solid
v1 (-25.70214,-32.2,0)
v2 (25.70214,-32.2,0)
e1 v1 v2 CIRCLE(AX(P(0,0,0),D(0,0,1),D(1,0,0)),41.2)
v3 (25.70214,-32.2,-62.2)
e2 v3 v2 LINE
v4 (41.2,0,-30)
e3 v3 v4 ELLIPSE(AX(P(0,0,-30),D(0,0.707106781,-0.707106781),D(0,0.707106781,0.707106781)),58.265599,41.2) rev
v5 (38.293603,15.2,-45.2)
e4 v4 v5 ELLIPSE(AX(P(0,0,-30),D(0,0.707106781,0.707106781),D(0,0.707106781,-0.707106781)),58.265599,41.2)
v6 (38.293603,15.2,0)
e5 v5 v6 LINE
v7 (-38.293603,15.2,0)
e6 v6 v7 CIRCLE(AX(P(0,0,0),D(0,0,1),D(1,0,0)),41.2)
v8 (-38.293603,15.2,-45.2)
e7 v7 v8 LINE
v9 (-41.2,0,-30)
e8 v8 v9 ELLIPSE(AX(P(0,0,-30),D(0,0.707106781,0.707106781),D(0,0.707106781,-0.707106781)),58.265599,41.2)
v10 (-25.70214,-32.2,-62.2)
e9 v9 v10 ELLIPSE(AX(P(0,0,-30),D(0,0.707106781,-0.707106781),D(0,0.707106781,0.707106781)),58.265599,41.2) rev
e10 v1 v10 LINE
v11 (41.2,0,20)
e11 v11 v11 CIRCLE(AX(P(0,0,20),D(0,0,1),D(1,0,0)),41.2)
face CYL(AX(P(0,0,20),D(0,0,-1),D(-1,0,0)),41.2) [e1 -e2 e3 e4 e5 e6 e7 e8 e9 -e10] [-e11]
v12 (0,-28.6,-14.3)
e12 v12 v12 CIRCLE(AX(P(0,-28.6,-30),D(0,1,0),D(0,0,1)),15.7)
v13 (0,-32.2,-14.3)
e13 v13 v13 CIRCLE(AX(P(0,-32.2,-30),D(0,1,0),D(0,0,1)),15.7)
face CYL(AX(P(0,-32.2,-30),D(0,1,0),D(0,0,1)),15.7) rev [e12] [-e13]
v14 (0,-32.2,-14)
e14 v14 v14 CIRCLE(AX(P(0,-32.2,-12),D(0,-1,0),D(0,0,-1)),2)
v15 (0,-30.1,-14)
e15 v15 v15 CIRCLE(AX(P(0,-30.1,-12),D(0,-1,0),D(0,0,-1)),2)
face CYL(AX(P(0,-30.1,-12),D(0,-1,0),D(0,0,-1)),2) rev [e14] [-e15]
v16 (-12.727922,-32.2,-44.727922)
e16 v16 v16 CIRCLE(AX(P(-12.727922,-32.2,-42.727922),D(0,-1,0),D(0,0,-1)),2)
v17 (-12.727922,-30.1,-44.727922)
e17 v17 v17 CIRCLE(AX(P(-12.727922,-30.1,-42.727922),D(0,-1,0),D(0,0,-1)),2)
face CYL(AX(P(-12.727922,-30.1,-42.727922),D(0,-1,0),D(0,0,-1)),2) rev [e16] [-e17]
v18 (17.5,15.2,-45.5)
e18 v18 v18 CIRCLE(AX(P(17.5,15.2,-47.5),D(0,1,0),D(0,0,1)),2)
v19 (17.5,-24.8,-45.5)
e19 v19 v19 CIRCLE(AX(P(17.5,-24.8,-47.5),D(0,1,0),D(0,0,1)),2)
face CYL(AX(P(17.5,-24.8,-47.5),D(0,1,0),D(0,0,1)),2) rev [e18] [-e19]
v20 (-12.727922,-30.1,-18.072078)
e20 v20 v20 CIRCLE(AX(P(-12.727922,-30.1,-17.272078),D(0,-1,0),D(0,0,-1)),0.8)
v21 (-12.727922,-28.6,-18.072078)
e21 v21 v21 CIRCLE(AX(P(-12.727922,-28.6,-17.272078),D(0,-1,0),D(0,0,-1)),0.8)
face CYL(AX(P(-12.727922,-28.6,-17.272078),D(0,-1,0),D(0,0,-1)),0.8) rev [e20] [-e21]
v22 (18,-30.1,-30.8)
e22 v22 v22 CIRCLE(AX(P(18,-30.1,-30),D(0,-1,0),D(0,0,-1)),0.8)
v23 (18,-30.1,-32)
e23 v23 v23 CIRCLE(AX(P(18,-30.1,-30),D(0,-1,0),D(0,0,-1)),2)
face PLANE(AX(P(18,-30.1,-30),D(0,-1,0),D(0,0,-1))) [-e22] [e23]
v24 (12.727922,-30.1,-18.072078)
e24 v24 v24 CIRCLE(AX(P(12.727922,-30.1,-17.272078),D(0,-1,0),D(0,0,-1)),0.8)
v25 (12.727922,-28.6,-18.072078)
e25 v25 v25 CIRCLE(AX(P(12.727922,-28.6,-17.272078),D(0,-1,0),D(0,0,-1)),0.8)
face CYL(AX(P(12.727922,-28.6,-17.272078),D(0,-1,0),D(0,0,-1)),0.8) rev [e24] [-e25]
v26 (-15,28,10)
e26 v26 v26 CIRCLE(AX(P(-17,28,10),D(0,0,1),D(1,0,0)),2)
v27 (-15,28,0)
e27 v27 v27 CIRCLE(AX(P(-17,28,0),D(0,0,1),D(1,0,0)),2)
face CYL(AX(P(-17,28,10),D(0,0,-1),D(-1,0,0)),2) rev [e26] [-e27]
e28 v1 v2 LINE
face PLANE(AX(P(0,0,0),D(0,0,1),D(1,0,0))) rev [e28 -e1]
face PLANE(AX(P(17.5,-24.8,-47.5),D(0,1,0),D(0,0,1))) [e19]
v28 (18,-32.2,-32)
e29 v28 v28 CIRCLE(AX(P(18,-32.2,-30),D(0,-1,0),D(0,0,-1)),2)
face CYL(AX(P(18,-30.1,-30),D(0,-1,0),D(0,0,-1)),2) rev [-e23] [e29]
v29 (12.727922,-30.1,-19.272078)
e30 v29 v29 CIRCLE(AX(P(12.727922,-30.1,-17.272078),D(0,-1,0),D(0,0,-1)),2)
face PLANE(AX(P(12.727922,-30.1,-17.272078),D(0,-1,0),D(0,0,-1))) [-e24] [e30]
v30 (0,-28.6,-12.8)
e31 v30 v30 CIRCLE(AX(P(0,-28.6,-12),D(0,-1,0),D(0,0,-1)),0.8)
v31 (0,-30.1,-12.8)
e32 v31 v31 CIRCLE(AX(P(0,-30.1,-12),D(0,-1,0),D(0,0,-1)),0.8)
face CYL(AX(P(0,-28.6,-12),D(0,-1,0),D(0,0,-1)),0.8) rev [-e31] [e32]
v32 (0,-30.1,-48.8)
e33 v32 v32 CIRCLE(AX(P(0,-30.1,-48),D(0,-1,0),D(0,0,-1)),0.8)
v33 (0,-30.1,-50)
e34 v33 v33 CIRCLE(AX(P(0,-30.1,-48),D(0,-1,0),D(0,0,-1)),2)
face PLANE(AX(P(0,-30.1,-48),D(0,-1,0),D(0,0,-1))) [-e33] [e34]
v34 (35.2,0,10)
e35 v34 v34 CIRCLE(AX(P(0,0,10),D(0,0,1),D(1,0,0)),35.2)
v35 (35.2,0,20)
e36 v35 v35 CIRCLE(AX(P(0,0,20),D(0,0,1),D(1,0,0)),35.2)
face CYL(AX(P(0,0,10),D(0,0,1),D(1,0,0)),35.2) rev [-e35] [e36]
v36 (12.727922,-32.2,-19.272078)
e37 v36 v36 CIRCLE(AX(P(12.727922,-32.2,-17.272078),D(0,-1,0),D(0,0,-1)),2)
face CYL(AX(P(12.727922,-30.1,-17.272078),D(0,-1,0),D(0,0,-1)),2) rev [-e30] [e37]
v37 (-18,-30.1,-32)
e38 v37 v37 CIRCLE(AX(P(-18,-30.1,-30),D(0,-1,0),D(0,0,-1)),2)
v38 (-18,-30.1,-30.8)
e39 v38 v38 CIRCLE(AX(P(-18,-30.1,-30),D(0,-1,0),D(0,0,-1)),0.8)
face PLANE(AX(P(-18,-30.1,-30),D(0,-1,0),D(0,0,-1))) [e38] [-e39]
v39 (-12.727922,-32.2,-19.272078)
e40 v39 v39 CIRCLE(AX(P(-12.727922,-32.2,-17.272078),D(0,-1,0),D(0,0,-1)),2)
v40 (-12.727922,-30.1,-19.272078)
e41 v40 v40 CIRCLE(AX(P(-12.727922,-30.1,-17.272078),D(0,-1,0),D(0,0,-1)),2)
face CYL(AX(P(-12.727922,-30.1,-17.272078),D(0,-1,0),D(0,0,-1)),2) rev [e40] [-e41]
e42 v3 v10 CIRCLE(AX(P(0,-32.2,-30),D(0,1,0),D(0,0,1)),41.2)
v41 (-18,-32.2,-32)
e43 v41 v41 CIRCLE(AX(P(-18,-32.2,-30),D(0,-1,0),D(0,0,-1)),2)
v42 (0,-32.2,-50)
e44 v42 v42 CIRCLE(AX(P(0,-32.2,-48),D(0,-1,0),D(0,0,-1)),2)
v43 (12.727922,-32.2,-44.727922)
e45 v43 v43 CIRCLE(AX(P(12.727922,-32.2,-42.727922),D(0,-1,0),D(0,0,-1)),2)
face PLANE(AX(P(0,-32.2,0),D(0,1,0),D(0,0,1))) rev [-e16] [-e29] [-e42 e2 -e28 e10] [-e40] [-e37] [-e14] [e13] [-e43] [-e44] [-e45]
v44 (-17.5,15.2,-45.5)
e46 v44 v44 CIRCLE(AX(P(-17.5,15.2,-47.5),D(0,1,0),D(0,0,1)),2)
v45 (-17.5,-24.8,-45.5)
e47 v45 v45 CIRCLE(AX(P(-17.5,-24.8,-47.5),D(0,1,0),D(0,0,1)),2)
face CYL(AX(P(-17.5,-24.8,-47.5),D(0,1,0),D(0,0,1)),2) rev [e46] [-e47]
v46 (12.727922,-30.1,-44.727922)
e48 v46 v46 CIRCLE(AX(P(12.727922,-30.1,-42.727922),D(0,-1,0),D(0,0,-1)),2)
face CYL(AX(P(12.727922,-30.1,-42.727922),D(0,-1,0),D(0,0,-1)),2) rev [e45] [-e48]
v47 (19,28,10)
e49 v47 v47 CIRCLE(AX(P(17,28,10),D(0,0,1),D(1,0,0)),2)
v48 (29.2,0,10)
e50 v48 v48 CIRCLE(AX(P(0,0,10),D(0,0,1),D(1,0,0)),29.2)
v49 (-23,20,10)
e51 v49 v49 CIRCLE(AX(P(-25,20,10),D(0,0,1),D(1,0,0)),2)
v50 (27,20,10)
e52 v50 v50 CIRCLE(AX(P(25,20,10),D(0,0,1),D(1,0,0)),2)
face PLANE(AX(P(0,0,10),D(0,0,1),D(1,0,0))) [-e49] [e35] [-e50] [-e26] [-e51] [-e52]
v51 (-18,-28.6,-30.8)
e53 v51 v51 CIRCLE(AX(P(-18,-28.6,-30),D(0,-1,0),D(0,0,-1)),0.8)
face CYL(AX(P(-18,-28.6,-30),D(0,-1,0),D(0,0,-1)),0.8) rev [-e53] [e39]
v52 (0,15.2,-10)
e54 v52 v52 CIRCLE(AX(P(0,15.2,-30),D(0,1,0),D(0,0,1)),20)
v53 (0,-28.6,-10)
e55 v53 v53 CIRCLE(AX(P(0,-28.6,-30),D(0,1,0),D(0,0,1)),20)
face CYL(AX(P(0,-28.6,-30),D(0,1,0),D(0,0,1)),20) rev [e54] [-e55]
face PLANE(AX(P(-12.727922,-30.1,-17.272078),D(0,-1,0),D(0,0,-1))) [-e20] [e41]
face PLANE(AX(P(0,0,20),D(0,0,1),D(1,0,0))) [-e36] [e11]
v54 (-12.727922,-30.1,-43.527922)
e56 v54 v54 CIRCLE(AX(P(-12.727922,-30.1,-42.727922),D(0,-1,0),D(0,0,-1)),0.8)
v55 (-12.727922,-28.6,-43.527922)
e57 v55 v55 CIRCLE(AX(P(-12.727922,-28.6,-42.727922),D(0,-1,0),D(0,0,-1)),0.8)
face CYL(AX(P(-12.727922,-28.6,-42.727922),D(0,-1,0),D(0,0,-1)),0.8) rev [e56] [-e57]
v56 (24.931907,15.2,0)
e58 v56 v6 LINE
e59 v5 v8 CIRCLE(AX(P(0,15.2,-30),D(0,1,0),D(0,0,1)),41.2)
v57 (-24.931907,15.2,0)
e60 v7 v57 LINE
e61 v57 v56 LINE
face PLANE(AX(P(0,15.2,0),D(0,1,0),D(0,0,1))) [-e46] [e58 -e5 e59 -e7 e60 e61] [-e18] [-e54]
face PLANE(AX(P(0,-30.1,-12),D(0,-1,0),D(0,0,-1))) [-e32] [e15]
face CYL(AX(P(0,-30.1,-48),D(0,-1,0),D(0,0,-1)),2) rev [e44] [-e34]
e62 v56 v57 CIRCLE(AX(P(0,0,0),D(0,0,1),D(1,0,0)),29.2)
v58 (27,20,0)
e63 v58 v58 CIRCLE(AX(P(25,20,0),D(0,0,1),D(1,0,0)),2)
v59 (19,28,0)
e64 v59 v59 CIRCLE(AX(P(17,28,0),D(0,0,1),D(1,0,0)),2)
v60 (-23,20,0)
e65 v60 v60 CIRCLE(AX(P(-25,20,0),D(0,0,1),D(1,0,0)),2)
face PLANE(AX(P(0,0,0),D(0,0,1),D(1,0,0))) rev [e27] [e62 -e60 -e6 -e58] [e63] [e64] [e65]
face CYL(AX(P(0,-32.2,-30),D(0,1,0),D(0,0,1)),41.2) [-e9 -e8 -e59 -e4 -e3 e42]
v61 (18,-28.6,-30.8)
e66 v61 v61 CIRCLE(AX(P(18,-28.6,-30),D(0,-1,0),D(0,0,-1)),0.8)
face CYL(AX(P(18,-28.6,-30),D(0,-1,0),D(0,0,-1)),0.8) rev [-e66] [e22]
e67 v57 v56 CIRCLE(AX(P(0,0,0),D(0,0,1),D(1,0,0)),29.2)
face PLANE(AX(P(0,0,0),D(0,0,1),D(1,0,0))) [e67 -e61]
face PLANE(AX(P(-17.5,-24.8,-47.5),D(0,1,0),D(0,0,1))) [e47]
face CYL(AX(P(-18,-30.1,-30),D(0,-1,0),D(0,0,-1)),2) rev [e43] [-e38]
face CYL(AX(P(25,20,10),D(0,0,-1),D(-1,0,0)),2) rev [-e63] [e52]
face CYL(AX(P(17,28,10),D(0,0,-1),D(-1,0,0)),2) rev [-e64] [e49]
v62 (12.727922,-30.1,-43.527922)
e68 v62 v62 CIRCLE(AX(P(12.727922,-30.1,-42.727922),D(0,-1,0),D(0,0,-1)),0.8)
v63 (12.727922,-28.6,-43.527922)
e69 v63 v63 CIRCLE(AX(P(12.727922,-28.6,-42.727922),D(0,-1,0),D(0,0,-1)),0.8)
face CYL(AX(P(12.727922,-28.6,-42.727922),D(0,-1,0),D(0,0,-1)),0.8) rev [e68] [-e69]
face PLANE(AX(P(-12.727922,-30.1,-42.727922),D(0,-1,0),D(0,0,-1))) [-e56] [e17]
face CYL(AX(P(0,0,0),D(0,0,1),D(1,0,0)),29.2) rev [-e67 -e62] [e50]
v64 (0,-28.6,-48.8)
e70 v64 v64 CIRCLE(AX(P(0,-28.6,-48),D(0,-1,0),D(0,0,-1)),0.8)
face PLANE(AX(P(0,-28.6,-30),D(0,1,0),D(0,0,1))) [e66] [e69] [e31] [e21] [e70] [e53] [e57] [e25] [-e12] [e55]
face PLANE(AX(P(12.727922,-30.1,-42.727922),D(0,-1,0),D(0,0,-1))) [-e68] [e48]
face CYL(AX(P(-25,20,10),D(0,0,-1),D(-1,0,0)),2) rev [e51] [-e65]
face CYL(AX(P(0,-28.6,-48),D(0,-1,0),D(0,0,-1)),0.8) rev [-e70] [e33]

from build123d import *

# Parameters (mm, degrees)
SKETCH_1_R           = 41.2
EXTRUDE_1_DEPTH      = 20
EXTRUDE_3_DEPTH      = 15.2
EXTRUDE_3_DEPTH_BACK = 32.2
SKETCH_2_W           = 82.4
SKETCH_2_H           = 30
SKETCH_3_OUTSIDE_W   = 113.996
SKETCH_3_OUTSIDE_H   = 113.996
SKETCH_3_OUTSIDE_R   = 41.2
CUT_EXTRUDE_1_DEPTH  = 70.2
SKETCH_4_R           = 20
CUT_EXTRUDE_2_DEPTH  = 43.8
SKETCH_5_R           = 15.7
CUT_EXTRUDE_3_DEPTH  = 3.6
SKETCH_9_R           = 35.2
CUT_EXTRUDE_6_DEPTH  = 10
SKETCH_10_R          = 29.2
CUT_EXTRUDE_7_DEPTH  = 10
SKETCH_12_R          = 2
CUT_EXTRUDE_8_DEPTH  = 10
SKETCH_13_R          = 2
CUT_EXTRUDE_9_DEPTH  = 2.1
SKETCH_15_R          = 0.8
CUT_EXTRUDE_10_DEPTH = 1.5
SKETCH_16_R          = 2
CUT_EXTRUDE_13_DEPTH = 40


with BuildPart() as part:
    # 草图1 → 凸台-拉伸1 (new body)
    with BuildSketch(Plane.XY):
        Circle(SKETCH_1_R)
    extrude(amount=EXTRUDE_1_DEPTH)

    # 草图2 → 凸台-拉伸3 (add, two sides: drawn at the far end of the back side and taken through both)
    with BuildSketch(Plane(origin=(0, 0, 0), x_dir=(1, 0, 0), z_dir=(0, 1, 0)).offset(-EXTRUDE_3_DEPTH_BACK)):
        with Locations((0, 15)):
            Rectangle(SKETCH_2_W, SKETCH_2_H)
        with BuildLine():
            Line((-41.2, 30), (41.2, 30))
            ThreePointArc((41.2, 30), (0, 71.2), (-41.2, 30))
        make_face()
    extrude(amount=EXTRUDE_3_DEPTH + EXTRUDE_3_DEPTH_BACK)

    # 草图3 outside → 切除-拉伸1 (cut)
    with BuildSketch(Plane(origin=(0, 0, 0), x_dir=(-1, 0, 0), z_dir=(0, 0, -1))):
        Rectangle(SKETCH_3_OUTSIDE_W, SKETCH_3_OUTSIDE_H)
        with Locations(Location((0, 0, 0), (0, 0, 180))):
            Circle(SKETCH_3_OUTSIDE_R, mode=Mode.SUBTRACT)
    extrude(amount=CUT_EXTRUDE_1_DEPTH, mode=Mode.SUBTRACT)

    # 草图4 → 切除-拉伸2 (cut)
    with BuildSketch(Plane(origin=(0, 15.2, 0), x_dir=(1, 0, 0), z_dir=(0, 1, 0))):
        with Locations(Location((0, 30, 0), (0, 0, 270))):
            Circle(SKETCH_4_R)
    extrude(amount=-CUT_EXTRUDE_2_DEPTH, mode=Mode.SUBTRACT)

    # 草图5 → 切除-拉伸3 (cut)
    with BuildSketch(Plane(origin=(0, -28.6, 0), x_dir=(1, 0, 0), z_dir=(0, 1, 0))):
        with Locations(Location((0, 30, 0), (0, 0, 270))):
            Circle(SKETCH_5_R)
    extrude(amount=-CUT_EXTRUDE_3_DEPTH, mode=Mode.SUBTRACT)

    # 草图9 → 切除-拉伸6 (cut)
    with BuildSketch(Plane.XY.offset(20)):
        Circle(SKETCH_9_R)
    extrude(amount=-CUT_EXTRUDE_6_DEPTH, mode=Mode.SUBTRACT)

    # 草图10 → 切除-拉伸7 (cut)
    with BuildSketch(Plane.XY.offset(10)):
        Circle(SKETCH_10_R)
    extrude(amount=-CUT_EXTRUDE_7_DEPTH, mode=Mode.SUBTRACT)

    # 草图12 → 切除-拉伸8 (cut)
    with BuildSketch(Plane.XY):
        with Locations((-25, 20)):
            Circle(SKETCH_12_R)
        with Locations((-17, 28)):
            Circle(SKETCH_12_R)
        with Locations((25, 20)):
            Circle(SKETCH_12_R)
        with Locations((17, 28)):
            Circle(SKETCH_12_R)
    extrude(amount=CUT_EXTRUDE_8_DEPTH, mode=Mode.SUBTRACT)

    # 草图13 → 切除-拉伸9 (cut)
    with BuildSketch(Plane.XZ.offset(32.2)):
        with Locations(Location((0, -48, 0), (0, 0, 270))):
            Circle(SKETCH_13_R)
        with Locations(Location((-12.727922061, -42.727922061, 0), (0, 0, 270))):
            Circle(SKETCH_13_R)
        with Locations(Location((-18, -30, 0), (0, 0, 270))):
            Circle(SKETCH_13_R)
        with Locations(Location((-12.727922061, -17.272077939, 0), (0, 0, 270))):
            Circle(SKETCH_13_R)
        with Locations(Location((0, -12, 0), (0, 0, 270))):
            Circle(SKETCH_13_R)
        with Locations(Location((12.727922061, -17.272077939, 0), (0, 0, 270))):
            Circle(SKETCH_13_R)
        with Locations(Location((18, -30, 0), (0, 0, 270))):
            Circle(SKETCH_13_R)
        with Locations(Location((12.727922061, -42.727922061, 0), (0, 0, 270))):
            Circle(SKETCH_13_R)
    extrude(amount=-CUT_EXTRUDE_9_DEPTH, mode=Mode.SUBTRACT)

    # 草图15 → 切除-拉伸10 (cut)
    with BuildSketch(Plane(origin=(0, -30.1, 0), x_dir=(-1, 0, 0), z_dir=(0, -1, 0))):
        with Locations(Location((0, 48, 0), (0, 0, 90))):
            Circle(SKETCH_15_R)
        with Locations(Location((12.727922061, 42.727922061, 0), (0, 0, 90))):
            Circle(SKETCH_15_R)
        with Locations(Location((18, 30, 0), (0, 0, 90))):
            Circle(SKETCH_15_R)
        with Locations(Location((12.727922061, 17.272077939, 0), (0, 0, 90))):
            Circle(SKETCH_15_R)
        with Locations(Location((0, 12, 0), (0, 0, 90))):
            Circle(SKETCH_15_R)
        with Locations(Location((-12.727922061, 17.272077939, 0), (0, 0, 90))):
            Circle(SKETCH_15_R)
        with Locations(Location((-18, 30, 0), (0, 0, 90))):
            Circle(SKETCH_15_R)
        with Locations(Location((-12.727922061, 42.727922061, 0), (0, 0, 90))):
            Circle(SKETCH_15_R)
    extrude(amount=-CUT_EXTRUDE_10_DEPTH, mode=Mode.SUBTRACT)

    # 草图16 → 切除-拉伸13 (cut)
    with BuildSketch(Plane(origin=(0, 15.2, 0), x_dir=(1, 0, 0), z_dir=(0, 1, 0))):
        with Locations(Location((-17.5, 47.5, 0), (0, 0, 270))):
            Circle(SKETCH_16_R)
        with Locations(Location((17.5, 47.5, 0), (0, 0, 270))):
            Circle(SKETCH_16_R)
    extrude(amount=-CUT_EXTRUDE_13_DEPTH, mode=Mode.SUBTRACT)


solid = part.part
